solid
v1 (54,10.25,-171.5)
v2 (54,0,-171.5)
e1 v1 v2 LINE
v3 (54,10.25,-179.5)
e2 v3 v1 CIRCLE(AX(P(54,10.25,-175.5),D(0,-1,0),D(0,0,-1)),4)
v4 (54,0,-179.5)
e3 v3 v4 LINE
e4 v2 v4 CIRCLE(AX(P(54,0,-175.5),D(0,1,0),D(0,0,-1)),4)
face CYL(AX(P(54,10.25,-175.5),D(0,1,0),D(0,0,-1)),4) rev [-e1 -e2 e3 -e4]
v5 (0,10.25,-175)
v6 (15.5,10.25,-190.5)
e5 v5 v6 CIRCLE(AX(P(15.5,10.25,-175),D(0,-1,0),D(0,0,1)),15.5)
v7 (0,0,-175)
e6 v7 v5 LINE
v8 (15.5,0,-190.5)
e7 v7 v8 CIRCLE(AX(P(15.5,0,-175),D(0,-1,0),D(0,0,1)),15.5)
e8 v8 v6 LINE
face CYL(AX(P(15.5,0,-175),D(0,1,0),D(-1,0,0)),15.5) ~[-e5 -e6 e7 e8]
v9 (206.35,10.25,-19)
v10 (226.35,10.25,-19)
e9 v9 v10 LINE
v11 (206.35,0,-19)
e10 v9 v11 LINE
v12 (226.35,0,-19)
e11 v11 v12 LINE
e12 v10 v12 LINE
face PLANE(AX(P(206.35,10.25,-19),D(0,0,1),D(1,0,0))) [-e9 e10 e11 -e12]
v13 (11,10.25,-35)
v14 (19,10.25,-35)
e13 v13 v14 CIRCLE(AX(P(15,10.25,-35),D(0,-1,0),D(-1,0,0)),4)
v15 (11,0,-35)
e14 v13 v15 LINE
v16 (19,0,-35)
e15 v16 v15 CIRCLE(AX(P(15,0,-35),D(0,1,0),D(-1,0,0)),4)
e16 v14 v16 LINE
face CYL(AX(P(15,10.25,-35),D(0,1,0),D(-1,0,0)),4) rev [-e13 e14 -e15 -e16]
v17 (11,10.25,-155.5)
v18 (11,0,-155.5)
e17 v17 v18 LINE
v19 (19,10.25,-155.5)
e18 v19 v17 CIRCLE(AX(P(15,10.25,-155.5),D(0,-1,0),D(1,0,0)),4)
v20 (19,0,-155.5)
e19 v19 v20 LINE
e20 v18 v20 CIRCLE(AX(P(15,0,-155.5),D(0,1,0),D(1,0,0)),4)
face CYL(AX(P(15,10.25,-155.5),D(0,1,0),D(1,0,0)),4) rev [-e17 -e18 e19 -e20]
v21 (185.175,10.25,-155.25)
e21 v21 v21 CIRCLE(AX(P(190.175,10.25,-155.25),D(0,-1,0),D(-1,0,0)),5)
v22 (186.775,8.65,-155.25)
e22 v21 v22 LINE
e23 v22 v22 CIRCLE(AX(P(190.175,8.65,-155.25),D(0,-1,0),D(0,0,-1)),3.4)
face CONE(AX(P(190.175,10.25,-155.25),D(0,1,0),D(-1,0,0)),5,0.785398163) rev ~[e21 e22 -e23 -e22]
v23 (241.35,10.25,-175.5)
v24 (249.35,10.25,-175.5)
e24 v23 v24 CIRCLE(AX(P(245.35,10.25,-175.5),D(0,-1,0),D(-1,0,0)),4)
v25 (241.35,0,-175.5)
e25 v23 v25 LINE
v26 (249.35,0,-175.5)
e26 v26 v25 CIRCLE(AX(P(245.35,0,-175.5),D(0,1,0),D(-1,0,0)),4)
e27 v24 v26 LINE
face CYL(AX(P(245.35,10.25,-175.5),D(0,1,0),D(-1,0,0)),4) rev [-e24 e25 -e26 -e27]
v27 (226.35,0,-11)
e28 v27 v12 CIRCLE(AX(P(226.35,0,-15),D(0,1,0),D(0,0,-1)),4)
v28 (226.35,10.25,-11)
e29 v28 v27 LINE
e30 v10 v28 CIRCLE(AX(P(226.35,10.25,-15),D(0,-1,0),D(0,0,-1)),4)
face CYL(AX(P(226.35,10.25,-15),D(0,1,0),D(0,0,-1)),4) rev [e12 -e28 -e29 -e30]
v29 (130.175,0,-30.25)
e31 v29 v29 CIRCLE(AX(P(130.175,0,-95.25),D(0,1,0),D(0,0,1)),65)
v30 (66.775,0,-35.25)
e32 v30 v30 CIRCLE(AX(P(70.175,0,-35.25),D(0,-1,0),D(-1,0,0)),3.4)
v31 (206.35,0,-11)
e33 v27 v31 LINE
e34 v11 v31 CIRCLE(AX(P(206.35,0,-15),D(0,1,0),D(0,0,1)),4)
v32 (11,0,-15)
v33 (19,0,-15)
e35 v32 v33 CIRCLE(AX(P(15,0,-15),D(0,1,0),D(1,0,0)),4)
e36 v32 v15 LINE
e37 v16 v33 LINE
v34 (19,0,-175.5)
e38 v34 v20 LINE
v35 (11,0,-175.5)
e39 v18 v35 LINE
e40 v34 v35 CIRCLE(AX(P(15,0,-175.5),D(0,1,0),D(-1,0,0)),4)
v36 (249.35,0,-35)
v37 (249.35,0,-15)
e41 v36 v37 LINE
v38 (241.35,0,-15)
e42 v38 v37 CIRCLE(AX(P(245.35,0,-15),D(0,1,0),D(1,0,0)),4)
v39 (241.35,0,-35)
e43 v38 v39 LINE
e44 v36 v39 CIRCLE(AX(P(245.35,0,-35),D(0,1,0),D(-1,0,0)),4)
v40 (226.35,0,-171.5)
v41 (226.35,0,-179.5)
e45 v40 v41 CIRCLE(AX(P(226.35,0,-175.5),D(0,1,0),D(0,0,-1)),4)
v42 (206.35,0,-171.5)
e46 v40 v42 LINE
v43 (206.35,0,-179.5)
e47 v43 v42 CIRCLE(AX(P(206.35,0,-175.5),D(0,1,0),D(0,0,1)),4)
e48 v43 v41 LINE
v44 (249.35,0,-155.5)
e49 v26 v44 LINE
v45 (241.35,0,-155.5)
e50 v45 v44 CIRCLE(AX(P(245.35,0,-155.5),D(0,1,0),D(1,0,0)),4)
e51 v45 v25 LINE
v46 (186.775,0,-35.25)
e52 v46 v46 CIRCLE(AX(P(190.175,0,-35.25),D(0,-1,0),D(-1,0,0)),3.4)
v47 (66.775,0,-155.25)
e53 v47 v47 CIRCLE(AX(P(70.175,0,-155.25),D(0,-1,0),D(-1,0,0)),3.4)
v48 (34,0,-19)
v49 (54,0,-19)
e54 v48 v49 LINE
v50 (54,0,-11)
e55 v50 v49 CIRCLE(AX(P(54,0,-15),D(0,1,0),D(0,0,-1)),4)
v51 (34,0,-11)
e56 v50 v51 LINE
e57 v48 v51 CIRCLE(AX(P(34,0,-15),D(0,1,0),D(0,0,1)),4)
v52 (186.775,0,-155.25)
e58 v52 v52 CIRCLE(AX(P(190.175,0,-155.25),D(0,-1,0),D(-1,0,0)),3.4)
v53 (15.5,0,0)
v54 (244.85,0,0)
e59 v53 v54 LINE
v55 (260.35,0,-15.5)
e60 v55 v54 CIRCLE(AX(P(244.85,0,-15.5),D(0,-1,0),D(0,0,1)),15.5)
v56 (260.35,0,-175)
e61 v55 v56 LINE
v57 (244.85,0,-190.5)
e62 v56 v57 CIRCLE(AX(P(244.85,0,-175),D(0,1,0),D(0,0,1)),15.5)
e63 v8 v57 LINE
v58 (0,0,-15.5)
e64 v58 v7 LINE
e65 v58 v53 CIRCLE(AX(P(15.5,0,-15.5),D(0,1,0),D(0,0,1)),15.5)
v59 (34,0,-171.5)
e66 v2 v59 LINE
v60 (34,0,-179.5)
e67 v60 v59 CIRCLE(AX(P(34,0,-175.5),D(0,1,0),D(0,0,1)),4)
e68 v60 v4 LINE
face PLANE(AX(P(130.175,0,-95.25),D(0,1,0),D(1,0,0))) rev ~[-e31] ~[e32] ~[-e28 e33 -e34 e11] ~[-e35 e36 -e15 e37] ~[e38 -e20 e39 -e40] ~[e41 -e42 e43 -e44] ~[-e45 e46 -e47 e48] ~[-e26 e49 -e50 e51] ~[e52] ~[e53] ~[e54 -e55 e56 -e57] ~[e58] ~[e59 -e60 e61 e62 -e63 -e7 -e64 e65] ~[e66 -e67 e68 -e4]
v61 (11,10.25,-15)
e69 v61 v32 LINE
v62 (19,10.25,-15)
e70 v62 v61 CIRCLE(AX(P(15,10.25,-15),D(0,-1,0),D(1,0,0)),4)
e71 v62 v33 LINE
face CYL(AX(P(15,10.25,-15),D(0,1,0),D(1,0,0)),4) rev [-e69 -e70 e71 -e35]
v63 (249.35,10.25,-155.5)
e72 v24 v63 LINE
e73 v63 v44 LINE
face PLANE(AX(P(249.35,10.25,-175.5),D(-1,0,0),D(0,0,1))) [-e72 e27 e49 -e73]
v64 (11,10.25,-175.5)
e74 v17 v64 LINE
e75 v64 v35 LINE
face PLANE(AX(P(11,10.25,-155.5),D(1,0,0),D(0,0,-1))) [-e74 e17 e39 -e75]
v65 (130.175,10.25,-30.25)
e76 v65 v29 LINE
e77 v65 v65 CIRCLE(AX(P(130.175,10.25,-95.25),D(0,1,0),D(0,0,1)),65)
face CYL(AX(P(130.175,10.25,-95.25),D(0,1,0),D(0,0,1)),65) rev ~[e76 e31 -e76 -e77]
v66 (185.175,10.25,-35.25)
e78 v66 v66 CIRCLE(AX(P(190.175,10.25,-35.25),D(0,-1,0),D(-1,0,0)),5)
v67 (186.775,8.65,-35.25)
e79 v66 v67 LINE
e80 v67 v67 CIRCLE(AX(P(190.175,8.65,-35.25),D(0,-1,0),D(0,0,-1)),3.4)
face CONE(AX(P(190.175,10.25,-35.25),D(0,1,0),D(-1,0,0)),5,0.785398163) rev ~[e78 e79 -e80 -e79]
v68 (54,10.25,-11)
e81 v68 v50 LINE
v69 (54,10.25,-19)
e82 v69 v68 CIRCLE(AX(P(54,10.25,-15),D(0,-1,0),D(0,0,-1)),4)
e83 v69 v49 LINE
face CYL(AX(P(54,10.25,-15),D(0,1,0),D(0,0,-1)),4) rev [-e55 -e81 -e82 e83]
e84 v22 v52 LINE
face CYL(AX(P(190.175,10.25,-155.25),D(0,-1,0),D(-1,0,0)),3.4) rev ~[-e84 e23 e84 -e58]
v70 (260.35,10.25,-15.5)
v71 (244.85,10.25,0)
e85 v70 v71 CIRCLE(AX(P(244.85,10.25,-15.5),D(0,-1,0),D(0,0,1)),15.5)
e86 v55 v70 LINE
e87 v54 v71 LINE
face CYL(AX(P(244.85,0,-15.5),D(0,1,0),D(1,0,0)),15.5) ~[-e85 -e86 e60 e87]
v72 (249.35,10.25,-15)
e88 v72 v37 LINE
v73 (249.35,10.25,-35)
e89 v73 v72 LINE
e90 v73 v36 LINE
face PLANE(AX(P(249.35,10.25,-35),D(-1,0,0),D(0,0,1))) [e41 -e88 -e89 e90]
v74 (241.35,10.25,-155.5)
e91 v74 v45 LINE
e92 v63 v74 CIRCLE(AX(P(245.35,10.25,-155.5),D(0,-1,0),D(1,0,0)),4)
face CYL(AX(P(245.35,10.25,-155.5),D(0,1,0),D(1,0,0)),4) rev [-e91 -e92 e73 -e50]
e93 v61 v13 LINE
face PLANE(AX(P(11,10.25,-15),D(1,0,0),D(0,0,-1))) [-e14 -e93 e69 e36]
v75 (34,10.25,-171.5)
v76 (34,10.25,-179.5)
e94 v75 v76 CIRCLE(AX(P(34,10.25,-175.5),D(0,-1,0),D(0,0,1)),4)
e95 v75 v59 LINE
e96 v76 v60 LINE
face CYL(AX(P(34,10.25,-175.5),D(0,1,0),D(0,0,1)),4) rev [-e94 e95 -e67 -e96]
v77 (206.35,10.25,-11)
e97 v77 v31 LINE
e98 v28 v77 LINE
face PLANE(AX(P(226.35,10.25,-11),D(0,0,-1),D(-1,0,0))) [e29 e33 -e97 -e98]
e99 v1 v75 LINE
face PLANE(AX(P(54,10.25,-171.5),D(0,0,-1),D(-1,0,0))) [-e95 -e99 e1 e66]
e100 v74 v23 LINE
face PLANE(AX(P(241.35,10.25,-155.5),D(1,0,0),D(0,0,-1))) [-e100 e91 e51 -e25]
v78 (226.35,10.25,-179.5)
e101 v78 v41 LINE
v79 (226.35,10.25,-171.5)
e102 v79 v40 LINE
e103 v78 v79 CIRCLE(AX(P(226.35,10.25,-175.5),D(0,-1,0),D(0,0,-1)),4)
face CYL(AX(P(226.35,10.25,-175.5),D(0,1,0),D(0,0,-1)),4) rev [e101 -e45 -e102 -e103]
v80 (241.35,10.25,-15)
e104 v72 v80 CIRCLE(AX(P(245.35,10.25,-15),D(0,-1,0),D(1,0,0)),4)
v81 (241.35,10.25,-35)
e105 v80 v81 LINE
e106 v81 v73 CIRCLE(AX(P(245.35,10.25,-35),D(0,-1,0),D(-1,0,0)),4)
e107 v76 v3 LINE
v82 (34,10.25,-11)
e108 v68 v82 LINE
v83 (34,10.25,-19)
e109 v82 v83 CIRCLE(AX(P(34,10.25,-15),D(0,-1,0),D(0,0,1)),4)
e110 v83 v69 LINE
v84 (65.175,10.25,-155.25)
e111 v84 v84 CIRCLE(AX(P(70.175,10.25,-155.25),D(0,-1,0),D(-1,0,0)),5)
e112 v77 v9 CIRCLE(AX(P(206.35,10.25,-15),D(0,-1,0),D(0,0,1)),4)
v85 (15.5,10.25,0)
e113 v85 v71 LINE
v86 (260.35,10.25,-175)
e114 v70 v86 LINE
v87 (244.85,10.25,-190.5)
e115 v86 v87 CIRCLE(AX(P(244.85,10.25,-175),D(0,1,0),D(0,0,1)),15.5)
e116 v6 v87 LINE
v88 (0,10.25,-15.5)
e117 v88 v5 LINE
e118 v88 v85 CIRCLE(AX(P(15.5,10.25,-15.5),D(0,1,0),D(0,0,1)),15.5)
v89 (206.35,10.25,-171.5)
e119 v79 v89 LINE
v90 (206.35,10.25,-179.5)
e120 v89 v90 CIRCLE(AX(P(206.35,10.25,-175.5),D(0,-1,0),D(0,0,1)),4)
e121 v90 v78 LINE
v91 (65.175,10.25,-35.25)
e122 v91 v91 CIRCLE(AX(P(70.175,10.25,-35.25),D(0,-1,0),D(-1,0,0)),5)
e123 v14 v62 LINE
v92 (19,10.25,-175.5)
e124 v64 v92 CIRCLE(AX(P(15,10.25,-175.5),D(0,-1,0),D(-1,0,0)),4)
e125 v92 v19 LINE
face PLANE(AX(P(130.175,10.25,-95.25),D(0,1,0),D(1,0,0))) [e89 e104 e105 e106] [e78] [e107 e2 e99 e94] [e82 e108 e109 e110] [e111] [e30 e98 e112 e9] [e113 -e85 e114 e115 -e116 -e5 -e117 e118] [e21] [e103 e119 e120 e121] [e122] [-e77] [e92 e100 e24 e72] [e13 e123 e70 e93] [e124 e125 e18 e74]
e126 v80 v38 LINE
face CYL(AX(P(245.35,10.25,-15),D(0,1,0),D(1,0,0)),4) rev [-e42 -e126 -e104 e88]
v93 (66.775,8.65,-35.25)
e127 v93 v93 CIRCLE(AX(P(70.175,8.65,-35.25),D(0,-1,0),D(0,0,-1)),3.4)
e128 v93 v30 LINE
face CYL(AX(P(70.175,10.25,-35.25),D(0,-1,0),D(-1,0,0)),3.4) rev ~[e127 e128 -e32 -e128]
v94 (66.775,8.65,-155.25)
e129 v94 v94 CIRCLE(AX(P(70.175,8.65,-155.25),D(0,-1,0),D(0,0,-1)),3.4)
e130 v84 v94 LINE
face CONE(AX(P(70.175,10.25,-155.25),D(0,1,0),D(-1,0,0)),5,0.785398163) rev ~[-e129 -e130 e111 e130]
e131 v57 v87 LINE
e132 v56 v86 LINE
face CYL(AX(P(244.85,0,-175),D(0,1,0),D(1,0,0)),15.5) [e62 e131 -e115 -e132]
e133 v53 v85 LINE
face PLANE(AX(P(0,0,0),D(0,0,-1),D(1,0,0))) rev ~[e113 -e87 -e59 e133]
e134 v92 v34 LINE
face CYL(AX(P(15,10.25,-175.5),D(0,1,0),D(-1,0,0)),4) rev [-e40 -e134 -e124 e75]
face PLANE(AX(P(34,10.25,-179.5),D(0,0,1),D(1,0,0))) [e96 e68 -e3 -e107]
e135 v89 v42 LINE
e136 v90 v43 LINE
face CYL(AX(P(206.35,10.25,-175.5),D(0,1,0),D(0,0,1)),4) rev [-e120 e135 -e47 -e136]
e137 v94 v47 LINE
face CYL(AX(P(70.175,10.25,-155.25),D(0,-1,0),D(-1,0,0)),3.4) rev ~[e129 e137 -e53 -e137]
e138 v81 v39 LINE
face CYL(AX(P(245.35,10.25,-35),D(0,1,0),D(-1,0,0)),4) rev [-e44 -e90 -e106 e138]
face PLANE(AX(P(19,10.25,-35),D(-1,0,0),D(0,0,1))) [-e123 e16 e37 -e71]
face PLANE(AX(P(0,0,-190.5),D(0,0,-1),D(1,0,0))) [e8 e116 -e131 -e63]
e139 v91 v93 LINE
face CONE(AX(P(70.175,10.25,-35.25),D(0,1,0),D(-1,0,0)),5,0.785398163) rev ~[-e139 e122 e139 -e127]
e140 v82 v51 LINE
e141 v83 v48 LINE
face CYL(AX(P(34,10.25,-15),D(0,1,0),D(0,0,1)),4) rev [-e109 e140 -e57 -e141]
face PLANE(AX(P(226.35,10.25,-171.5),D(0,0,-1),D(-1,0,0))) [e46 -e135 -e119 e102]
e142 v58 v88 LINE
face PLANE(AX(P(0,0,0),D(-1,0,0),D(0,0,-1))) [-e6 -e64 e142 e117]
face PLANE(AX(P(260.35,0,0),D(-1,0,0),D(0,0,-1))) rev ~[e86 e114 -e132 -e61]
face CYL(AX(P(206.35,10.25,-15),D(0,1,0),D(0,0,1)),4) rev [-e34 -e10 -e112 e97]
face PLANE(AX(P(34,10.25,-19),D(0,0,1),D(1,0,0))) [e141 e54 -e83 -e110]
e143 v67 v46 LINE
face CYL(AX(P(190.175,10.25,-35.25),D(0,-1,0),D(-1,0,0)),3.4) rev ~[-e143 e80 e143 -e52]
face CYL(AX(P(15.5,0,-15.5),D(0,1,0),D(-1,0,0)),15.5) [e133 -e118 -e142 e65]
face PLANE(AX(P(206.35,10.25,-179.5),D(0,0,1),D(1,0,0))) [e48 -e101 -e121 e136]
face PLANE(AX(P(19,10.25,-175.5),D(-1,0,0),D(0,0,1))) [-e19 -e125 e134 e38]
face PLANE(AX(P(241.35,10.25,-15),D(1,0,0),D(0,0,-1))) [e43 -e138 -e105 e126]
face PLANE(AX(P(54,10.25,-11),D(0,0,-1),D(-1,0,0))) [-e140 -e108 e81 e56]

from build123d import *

# Parameters (mm, degrees)
SKETCH1_W                      = 260.35
SKETCH1_H                      = 190.5
BASE_DEPTH                     = 10.25
SKETCH2_R                      = 65
HOLES_DEPTH                    = 323.765293983
M8_ARM_MOUNT_HOLES_D           = 6.8
M8_ARM_MOUNT_HOLES_CSINK_D     = 10
M8_ARM_MOUNT_HOLES_CSINK_ANGLE = 90
FILLET1_R                      = 15.5


with BuildPart() as part:
    # Sketch1 → Base (new body)
    with BuildSketch(Plane(origin=(0, 0, 0), x_dir=(1, 0, 0), z_dir=(0, 1, 0))):
        with Locations((130.175, 95.25)):
            Rectangle(SKETCH1_W, SKETCH1_H)
    extrude(amount=BASE_DEPTH)

    # Sketch2 → Holes (cut, through all)
    with BuildSketch(Plane(origin=(0, 10.25, 0), x_dir=(1, 0, 0), z_dir=(0, 1, 0))):
        with Locations(Location((130.175, 95.25, 0), (0, 0, 270))):
            Circle(SKETCH2_R)
        with BuildLine():
            Line((206.35, 19), (226.35, 19))
            ThreePointArc((226.35, 19), (230.35, 15), (226.35, 11))
            Line((226.35, 11), (206.35, 11))
            ThreePointArc((206.35, 11), (202.35, 15), (206.35, 19))
        make_face()
        with BuildLine():
            Line((241.35, 15), (241.35, 35))
            ThreePointArc((241.35, 35), (245.35, 39), (249.35, 35))
            Line((249.35, 35), (249.35, 15))
            ThreePointArc((249.35, 15), (245.35, 11), (241.35, 15))
        make_face()
        with BuildLine():
            Line((11, 15), (11, 35))
            ThreePointArc((11, 35), (15, 39), (19, 35))
            Line((19, 35), (19, 15))
            ThreePointArc((19, 15), (15, 11), (11, 15))
        make_face()
        with BuildLine():
            Line((11, 155.5), (11, 175.5))
            ThreePointArc((11, 175.5), (15, 179.5), (19, 175.5))
            Line((19, 175.5), (19, 155.5))
            ThreePointArc((19, 155.5), (15, 151.5), (11, 155.5))
        make_face()
        with BuildLine():
            Line((241.35, 155.5), (241.35, 175.5))
            ThreePointArc((241.35, 175.5), (245.35, 179.5), (249.35, 175.5))
            Line((249.35, 175.5), (249.35, 155.5))
            ThreePointArc((249.35, 155.5), (245.35, 151.5), (241.35, 155.5))
        make_face()
        with BuildLine():
            Line((34, 19), (54, 19))
            ThreePointArc((54, 19), (58, 15), (54, 11))
            Line((54, 11), (34, 11))
            ThreePointArc((34, 11), (30, 15), (34, 19))
        make_face()
        with BuildLine():
            Line((206.35, 179.5), (226.35, 179.5))
            ThreePointArc((226.35, 179.5), (230.35, 175.5), (226.35, 171.5))
            Line((226.35, 171.5), (206.35, 171.5))
            ThreePointArc((206.35, 171.5), (202.35, 175.5), (206.35, 179.5))
        make_face()
        with BuildLine():
            Line((34, 179.5), (54, 179.5))
            ThreePointArc((54, 179.5), (58, 175.5), (54, 171.5))
            Line((54, 171.5), (34, 171.5))
            ThreePointArc((34, 171.5), (30, 175.5), (34, 179.5))
        make_face()
    extrude(amount=-HOLES_DEPTH, mode=Mode.SUBTRACT)

    # M8 Arm Mount Holes (through all)
    with Locations(Plane(origin=(0, 10.25, 0), x_dir=(1, 0, 0), z_dir=(0, 1, 0))):
        with Locations((70.175, 155.25), (190.175, 155.25), (190.175, 35.25), (70.175, 35.25)):
            CounterSinkHole(M8_ARM_MOUNT_HOLES_D / 2, M8_ARM_MOUNT_HOLES_CSINK_D / 2, counter_sink_angle=M8_ARM_MOUNT_HOLES_CSINK_ANGLE)

    # Fillet1
    fillet1_edges = [part.edges().sort_by_distance(p)[0] for p in [
        (0, 5.125, -190.5),
        (260.35, 5.125, -190.5),
        (260.35, 5.125, 0),
        (0, 5.125, 0),
    ]]
    fillet(fillet1_edges, radius=FILLET1_R)


solid = part.part
